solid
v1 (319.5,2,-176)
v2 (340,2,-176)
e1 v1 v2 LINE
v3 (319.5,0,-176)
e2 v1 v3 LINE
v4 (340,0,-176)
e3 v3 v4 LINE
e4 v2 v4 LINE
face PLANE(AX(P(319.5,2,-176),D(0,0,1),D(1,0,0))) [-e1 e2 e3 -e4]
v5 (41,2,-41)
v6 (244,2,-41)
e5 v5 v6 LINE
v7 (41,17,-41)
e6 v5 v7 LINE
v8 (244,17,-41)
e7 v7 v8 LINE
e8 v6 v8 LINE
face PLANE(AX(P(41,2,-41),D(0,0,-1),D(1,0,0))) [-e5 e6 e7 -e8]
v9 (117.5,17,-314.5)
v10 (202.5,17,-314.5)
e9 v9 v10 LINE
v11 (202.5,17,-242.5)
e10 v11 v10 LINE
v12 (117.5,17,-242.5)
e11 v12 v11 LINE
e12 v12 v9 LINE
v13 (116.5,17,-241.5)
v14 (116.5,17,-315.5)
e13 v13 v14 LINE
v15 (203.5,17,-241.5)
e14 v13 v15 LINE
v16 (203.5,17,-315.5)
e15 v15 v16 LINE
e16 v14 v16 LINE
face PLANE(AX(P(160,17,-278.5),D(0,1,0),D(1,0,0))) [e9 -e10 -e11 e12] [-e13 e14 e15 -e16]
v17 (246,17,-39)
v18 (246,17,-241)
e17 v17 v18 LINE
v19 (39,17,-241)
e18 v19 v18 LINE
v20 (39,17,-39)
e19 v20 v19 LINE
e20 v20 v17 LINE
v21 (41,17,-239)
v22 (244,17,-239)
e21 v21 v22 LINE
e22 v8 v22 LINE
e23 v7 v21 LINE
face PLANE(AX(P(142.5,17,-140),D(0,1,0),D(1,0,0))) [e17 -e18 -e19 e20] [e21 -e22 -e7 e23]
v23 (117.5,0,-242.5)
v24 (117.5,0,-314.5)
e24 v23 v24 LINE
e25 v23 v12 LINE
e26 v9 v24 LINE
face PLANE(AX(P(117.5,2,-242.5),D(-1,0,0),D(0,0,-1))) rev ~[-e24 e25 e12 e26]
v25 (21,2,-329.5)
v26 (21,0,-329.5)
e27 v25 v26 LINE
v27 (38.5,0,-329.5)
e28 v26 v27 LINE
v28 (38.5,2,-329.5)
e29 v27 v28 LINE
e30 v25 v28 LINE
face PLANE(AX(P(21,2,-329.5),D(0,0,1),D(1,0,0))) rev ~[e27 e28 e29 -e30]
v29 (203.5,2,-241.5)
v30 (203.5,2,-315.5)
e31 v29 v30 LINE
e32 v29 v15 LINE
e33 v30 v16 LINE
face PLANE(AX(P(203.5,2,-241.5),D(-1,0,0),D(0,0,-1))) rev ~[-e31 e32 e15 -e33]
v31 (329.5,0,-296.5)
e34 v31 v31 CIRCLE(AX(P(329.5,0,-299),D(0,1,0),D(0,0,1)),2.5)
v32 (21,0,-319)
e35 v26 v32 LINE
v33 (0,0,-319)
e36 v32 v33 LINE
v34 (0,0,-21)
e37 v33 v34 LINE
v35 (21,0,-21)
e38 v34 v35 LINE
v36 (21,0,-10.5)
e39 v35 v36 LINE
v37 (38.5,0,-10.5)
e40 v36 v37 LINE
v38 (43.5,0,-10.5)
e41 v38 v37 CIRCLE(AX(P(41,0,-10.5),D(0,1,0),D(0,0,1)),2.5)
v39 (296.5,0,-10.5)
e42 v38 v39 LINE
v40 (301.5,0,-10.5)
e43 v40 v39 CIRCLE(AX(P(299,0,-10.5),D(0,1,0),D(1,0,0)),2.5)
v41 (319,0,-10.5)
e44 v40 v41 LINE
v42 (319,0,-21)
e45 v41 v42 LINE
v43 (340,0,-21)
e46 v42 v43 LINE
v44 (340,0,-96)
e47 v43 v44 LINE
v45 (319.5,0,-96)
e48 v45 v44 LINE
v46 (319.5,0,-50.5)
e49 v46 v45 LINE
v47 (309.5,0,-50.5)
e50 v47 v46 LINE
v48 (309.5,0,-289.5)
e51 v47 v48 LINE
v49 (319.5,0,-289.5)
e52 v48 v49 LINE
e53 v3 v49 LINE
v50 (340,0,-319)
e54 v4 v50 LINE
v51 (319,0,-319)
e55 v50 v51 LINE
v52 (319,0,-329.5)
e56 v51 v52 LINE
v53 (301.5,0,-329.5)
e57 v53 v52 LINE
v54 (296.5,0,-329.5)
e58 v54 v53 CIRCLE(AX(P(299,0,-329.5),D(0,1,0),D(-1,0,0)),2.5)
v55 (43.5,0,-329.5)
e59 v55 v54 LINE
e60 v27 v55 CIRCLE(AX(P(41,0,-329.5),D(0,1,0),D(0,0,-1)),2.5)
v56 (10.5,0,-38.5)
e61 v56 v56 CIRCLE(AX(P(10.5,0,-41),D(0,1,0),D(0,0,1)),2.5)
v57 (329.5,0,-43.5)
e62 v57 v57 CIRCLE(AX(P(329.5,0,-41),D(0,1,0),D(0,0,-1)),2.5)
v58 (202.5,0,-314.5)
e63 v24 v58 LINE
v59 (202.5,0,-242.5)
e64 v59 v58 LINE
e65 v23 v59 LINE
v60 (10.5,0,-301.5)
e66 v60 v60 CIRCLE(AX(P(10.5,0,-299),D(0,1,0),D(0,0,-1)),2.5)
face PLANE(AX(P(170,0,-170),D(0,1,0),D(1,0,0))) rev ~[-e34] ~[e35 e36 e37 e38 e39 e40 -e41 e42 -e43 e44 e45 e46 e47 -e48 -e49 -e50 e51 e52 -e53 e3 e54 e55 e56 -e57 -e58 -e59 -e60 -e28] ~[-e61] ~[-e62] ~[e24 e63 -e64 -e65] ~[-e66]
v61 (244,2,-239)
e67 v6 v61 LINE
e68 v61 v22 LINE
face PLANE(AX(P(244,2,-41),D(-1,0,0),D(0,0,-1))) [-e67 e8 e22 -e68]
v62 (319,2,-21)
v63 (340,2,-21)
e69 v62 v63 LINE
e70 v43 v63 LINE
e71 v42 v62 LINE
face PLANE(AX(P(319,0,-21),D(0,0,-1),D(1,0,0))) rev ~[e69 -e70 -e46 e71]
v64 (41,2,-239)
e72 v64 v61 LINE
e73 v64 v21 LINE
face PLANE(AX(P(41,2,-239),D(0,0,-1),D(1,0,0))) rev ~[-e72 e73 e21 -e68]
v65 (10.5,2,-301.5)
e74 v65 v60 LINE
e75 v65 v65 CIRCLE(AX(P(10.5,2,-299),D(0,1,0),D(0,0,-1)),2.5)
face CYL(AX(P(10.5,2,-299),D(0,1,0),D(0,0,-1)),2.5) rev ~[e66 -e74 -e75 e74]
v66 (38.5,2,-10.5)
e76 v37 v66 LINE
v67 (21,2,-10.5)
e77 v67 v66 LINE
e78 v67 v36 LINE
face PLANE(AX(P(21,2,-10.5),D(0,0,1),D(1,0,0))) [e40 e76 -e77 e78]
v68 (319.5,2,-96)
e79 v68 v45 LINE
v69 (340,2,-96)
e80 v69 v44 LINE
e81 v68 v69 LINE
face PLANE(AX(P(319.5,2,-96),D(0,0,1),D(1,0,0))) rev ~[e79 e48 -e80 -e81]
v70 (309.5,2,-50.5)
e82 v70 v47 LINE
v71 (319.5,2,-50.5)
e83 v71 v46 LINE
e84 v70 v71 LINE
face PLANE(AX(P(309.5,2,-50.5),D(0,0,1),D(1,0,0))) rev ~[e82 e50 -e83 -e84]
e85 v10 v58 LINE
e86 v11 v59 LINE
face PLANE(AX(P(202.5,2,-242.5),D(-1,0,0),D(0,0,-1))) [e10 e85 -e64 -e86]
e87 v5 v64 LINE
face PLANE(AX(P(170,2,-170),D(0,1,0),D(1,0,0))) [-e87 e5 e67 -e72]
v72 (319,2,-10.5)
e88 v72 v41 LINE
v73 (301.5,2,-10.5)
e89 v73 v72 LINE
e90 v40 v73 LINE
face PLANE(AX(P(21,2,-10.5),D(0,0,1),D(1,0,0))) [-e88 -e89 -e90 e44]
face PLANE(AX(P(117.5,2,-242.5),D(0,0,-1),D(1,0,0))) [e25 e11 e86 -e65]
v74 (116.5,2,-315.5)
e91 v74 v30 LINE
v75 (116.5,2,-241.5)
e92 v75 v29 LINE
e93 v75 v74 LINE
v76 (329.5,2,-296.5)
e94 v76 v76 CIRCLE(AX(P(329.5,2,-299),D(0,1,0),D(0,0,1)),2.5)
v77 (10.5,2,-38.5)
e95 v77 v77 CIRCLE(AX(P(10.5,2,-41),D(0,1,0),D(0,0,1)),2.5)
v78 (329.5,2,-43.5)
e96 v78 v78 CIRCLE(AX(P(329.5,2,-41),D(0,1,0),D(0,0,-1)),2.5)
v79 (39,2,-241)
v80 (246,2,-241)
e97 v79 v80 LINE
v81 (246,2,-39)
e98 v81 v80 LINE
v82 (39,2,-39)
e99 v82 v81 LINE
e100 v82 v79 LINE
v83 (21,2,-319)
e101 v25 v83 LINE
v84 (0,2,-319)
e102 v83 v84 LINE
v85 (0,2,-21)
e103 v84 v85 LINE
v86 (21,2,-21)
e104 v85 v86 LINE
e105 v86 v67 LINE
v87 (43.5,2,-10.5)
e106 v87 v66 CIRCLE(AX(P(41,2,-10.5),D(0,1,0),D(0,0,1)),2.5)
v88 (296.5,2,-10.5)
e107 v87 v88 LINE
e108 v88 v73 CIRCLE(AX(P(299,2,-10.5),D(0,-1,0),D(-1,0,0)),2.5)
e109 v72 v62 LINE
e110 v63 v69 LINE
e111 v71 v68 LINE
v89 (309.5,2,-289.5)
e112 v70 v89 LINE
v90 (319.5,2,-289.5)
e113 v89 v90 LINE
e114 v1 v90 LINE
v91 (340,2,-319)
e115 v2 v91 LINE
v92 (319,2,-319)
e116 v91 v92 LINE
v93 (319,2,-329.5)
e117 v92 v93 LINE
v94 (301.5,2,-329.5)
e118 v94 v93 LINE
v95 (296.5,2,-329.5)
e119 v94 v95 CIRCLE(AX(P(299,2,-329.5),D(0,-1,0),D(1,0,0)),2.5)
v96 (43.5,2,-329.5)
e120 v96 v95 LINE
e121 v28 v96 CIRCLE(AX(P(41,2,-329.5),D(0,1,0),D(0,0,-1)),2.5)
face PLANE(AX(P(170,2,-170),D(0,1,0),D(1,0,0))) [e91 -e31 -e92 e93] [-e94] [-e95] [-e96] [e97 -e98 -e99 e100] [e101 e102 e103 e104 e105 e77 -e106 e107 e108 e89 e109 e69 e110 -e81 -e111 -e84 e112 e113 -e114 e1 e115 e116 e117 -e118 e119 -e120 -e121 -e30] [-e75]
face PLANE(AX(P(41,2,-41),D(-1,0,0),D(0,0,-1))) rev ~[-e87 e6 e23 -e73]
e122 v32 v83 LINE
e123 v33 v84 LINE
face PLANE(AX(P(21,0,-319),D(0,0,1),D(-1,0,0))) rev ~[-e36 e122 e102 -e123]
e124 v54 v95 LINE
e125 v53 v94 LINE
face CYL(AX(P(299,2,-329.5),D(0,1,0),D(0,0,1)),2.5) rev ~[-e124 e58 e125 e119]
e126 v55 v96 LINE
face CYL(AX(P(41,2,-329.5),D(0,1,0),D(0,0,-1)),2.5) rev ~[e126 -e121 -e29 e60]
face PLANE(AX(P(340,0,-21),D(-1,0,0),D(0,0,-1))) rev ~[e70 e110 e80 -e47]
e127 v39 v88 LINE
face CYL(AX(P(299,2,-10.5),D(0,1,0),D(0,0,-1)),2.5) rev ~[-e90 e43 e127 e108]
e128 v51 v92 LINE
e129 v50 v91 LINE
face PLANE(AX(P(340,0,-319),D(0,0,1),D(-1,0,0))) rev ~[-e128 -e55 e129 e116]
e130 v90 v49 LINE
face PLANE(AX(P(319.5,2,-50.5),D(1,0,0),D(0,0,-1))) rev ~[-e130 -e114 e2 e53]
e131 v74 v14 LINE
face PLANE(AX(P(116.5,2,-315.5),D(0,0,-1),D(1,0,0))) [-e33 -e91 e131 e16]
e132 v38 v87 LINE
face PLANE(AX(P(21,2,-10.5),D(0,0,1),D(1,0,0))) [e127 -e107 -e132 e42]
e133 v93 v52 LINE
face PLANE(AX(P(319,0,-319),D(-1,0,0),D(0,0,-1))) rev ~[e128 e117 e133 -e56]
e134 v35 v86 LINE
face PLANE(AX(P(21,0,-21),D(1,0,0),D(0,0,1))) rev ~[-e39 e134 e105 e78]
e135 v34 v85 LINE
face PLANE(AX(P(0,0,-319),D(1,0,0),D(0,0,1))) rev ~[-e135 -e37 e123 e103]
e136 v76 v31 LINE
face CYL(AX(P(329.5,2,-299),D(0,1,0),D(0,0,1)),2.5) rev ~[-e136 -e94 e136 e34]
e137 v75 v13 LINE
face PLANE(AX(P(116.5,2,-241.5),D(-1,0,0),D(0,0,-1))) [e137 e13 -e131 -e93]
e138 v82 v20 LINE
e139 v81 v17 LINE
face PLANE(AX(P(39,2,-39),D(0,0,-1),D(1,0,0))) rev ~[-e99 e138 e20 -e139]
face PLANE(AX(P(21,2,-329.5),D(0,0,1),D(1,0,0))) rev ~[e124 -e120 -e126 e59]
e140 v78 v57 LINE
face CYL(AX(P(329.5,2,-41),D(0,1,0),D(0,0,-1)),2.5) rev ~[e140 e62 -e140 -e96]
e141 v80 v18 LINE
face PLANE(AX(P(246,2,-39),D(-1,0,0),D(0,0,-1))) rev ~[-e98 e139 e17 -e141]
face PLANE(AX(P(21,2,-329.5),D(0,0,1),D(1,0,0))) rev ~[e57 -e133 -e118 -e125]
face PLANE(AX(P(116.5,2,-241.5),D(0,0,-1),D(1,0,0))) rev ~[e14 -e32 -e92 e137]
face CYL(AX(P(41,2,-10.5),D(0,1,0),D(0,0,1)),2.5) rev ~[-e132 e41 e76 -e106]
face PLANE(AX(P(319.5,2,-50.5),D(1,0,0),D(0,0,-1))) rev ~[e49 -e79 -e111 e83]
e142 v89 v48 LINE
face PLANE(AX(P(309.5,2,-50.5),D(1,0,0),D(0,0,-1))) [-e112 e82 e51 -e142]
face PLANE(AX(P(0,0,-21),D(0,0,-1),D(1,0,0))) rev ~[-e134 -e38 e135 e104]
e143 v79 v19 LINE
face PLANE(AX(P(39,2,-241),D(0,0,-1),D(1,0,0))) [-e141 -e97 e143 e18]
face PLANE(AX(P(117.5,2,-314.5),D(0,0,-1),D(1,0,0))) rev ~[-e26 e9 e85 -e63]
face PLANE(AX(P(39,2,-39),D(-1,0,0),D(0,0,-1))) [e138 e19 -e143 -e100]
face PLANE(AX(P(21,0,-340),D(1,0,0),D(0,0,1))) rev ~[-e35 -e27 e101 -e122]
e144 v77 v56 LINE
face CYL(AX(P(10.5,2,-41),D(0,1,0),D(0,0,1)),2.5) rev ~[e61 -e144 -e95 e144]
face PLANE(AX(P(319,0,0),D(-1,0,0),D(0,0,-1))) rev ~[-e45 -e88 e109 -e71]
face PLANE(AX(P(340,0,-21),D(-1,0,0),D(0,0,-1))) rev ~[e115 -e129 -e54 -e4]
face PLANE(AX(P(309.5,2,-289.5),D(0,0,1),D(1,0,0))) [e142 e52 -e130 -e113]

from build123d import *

# Parameters (mm, degrees)
EXTRUDE_1_DEPTH        = 2
SKETCH_4_W             = 10
SKETCH_4_H             = 239
CUT_EXTRUDE_1640_DEPTH = 481.836770641
SKETCH_841_R           = 2.5
CUT_EXTRUDE_2_DEPTH    = 481.836770641
SKETCH_5_W             = 207
SKETCH_5_H             = 202
SKETCH_5_W_2           = 203
SKETCH_5_H_2           = 198
EXTRUDE_1_2_DEPTH      = 15
SKETCH_7_W             = 85
SKETCH_7_H             = 72
CUT_EXTRUDE_4_DEPTH    = 482.066523466
SKETCH_9_W             = 20.5
SKETCH_9_H             = 80
SKETCH_9_W_2           = 298
SKETCH_9_H_2           = 10.5
CUT_EXTRUDE_5_DEPTH    = 10
SKETCH_10_W            = 87
SKETCH_10_H            = 74
SKETCH_10_W_2          = 85
SKETCH_10_H_2          = 72
EXTRUDE_2_DEPTH        = 15


with BuildPart() as part:
    # 草图2 → Extrude 1 (new body)
    with BuildSketch(Plane(origin=(0, 0, 0), x_dir=(1, 0, 0), z_dir=(0, 1, 0))):
        Polygon((21, 21), (21, 0), (319, 0), (319, 21), (340, 21), (340, 319), (319, 319), (319, 340), (21, 340), (21, 319), (0, 319), (0, 21), align=None)
    extrude(amount=EXTRUDE_1_DEPTH)

    # 草图4 → Cut-Extrude 1640 (cut, through all)
    with BuildSketch(Plane(origin=(0, 2, 0), x_dir=(1, 0, 0), z_dir=(0, 1, 0))):
        with Locations((314.5, 170)):
            Rectangle(SKETCH_4_W, SKETCH_4_H)
    extrude(amount=-CUT_EXTRUDE_1640_DEPTH, mode=Mode.SUBTRACT)

    # Sketch 841 → 切除-拉伸2 (cut, through all)
    with BuildSketch(Plane(origin=(0, 2, 0), x_dir=(1, 0, 0), z_dir=(0, 1, 0))):
        with Locations(Location((10.5, 41, 0), (0, 0, 270))):
            Circle(SKETCH_841_R)
        with Locations(Location((10.5, 299, 0), (0, 0, 90))):
            Circle(SKETCH_841_R)
        with Locations(Location((329.5, 299, 0), (0, 0, 270))):
            Circle(SKETCH_841_R)
        with Locations(Location((329.5, 41, 0), (0, 0, 90))):
            Circle(SKETCH_841_R)
        with Locations(Location((41, 10.5, 0), (0, 0, 270))):
            Circle(SKETCH_841_R)
        with Locations(Location((299, 10.5, 0), (0, 0, 90))):
            Circle(SKETCH_841_R)
        with Locations(Location((299, 329.5, 0), (0, 0, 270))):
            Circle(SKETCH_841_R)
        with Locations(Location((41, 329.5, 0), (0, 0, 90))):
            Circle(SKETCH_841_R)
    extrude(amount=-CUT_EXTRUDE_2_DEPTH, mode=Mode.SUBTRACT)

    # 草图5 → Extrude 1 2 (add)
    with BuildSketch(Plane(origin=(0, 2, 0), x_dir=(1, 0, 0), z_dir=(0, 1, 0))):
        with Locations((142.5, 140)):
            Rectangle(SKETCH_5_W, SKETCH_5_H)
        with Locations((142.5, 140)):
            Rectangle(SKETCH_5_W_2, SKETCH_5_H_2, mode=Mode.SUBTRACT)
    extrude(amount=EXTRUDE_1_2_DEPTH)

    # 草图7 → 切除-拉伸4 (cut, through all)
    with BuildSketch(Plane(origin=(0, 2, 0), x_dir=(1, 0, 0), z_dir=(0, 1, 0))):
        with Locations((160, 278.5)):
            Rectangle(SKETCH_7_W, SKETCH_7_H)
    extrude(amount=-CUT_EXTRUDE_4_DEPTH, mode=Mode.SUBTRACT)

    # 草图9 → 切除-拉伸5 (cut)
    with BuildSketch(Plane(origin=(0, 2, 0), x_dir=(1, 0, 0), z_dir=(0, 1, 0))):
        with Locations((329.75, 136)):
            Rectangle(SKETCH_9_W, SKETCH_9_H)
        with Locations((170, 5.25)):
            Rectangle(SKETCH_9_W_2, SKETCH_9_H_2)
        with Locations((170, 334.75)):
            Rectangle(SKETCH_9_W_2, SKETCH_9_H_2)
    extrude(amount=-CUT_EXTRUDE_5_DEPTH, mode=Mode.SUBTRACT)

    # 草图10 → 拉伸-薄壁2 (add)
    with BuildSketch(Plane(origin=(0, 2, 0), x_dir=(1, 0, 0), z_dir=(0, 1, 0))):
        with Locations((160, 278.5)):
            Rectangle(SKETCH_10_W, SKETCH_10_H)
        with Locations((160, 278.5)):
            Rectangle(SKETCH_10_W_2, SKETCH_10_H_2, mode=Mode.SUBTRACT)
    extrude(amount=EXTRUDE_2_DEPTH)


solid = part.part
